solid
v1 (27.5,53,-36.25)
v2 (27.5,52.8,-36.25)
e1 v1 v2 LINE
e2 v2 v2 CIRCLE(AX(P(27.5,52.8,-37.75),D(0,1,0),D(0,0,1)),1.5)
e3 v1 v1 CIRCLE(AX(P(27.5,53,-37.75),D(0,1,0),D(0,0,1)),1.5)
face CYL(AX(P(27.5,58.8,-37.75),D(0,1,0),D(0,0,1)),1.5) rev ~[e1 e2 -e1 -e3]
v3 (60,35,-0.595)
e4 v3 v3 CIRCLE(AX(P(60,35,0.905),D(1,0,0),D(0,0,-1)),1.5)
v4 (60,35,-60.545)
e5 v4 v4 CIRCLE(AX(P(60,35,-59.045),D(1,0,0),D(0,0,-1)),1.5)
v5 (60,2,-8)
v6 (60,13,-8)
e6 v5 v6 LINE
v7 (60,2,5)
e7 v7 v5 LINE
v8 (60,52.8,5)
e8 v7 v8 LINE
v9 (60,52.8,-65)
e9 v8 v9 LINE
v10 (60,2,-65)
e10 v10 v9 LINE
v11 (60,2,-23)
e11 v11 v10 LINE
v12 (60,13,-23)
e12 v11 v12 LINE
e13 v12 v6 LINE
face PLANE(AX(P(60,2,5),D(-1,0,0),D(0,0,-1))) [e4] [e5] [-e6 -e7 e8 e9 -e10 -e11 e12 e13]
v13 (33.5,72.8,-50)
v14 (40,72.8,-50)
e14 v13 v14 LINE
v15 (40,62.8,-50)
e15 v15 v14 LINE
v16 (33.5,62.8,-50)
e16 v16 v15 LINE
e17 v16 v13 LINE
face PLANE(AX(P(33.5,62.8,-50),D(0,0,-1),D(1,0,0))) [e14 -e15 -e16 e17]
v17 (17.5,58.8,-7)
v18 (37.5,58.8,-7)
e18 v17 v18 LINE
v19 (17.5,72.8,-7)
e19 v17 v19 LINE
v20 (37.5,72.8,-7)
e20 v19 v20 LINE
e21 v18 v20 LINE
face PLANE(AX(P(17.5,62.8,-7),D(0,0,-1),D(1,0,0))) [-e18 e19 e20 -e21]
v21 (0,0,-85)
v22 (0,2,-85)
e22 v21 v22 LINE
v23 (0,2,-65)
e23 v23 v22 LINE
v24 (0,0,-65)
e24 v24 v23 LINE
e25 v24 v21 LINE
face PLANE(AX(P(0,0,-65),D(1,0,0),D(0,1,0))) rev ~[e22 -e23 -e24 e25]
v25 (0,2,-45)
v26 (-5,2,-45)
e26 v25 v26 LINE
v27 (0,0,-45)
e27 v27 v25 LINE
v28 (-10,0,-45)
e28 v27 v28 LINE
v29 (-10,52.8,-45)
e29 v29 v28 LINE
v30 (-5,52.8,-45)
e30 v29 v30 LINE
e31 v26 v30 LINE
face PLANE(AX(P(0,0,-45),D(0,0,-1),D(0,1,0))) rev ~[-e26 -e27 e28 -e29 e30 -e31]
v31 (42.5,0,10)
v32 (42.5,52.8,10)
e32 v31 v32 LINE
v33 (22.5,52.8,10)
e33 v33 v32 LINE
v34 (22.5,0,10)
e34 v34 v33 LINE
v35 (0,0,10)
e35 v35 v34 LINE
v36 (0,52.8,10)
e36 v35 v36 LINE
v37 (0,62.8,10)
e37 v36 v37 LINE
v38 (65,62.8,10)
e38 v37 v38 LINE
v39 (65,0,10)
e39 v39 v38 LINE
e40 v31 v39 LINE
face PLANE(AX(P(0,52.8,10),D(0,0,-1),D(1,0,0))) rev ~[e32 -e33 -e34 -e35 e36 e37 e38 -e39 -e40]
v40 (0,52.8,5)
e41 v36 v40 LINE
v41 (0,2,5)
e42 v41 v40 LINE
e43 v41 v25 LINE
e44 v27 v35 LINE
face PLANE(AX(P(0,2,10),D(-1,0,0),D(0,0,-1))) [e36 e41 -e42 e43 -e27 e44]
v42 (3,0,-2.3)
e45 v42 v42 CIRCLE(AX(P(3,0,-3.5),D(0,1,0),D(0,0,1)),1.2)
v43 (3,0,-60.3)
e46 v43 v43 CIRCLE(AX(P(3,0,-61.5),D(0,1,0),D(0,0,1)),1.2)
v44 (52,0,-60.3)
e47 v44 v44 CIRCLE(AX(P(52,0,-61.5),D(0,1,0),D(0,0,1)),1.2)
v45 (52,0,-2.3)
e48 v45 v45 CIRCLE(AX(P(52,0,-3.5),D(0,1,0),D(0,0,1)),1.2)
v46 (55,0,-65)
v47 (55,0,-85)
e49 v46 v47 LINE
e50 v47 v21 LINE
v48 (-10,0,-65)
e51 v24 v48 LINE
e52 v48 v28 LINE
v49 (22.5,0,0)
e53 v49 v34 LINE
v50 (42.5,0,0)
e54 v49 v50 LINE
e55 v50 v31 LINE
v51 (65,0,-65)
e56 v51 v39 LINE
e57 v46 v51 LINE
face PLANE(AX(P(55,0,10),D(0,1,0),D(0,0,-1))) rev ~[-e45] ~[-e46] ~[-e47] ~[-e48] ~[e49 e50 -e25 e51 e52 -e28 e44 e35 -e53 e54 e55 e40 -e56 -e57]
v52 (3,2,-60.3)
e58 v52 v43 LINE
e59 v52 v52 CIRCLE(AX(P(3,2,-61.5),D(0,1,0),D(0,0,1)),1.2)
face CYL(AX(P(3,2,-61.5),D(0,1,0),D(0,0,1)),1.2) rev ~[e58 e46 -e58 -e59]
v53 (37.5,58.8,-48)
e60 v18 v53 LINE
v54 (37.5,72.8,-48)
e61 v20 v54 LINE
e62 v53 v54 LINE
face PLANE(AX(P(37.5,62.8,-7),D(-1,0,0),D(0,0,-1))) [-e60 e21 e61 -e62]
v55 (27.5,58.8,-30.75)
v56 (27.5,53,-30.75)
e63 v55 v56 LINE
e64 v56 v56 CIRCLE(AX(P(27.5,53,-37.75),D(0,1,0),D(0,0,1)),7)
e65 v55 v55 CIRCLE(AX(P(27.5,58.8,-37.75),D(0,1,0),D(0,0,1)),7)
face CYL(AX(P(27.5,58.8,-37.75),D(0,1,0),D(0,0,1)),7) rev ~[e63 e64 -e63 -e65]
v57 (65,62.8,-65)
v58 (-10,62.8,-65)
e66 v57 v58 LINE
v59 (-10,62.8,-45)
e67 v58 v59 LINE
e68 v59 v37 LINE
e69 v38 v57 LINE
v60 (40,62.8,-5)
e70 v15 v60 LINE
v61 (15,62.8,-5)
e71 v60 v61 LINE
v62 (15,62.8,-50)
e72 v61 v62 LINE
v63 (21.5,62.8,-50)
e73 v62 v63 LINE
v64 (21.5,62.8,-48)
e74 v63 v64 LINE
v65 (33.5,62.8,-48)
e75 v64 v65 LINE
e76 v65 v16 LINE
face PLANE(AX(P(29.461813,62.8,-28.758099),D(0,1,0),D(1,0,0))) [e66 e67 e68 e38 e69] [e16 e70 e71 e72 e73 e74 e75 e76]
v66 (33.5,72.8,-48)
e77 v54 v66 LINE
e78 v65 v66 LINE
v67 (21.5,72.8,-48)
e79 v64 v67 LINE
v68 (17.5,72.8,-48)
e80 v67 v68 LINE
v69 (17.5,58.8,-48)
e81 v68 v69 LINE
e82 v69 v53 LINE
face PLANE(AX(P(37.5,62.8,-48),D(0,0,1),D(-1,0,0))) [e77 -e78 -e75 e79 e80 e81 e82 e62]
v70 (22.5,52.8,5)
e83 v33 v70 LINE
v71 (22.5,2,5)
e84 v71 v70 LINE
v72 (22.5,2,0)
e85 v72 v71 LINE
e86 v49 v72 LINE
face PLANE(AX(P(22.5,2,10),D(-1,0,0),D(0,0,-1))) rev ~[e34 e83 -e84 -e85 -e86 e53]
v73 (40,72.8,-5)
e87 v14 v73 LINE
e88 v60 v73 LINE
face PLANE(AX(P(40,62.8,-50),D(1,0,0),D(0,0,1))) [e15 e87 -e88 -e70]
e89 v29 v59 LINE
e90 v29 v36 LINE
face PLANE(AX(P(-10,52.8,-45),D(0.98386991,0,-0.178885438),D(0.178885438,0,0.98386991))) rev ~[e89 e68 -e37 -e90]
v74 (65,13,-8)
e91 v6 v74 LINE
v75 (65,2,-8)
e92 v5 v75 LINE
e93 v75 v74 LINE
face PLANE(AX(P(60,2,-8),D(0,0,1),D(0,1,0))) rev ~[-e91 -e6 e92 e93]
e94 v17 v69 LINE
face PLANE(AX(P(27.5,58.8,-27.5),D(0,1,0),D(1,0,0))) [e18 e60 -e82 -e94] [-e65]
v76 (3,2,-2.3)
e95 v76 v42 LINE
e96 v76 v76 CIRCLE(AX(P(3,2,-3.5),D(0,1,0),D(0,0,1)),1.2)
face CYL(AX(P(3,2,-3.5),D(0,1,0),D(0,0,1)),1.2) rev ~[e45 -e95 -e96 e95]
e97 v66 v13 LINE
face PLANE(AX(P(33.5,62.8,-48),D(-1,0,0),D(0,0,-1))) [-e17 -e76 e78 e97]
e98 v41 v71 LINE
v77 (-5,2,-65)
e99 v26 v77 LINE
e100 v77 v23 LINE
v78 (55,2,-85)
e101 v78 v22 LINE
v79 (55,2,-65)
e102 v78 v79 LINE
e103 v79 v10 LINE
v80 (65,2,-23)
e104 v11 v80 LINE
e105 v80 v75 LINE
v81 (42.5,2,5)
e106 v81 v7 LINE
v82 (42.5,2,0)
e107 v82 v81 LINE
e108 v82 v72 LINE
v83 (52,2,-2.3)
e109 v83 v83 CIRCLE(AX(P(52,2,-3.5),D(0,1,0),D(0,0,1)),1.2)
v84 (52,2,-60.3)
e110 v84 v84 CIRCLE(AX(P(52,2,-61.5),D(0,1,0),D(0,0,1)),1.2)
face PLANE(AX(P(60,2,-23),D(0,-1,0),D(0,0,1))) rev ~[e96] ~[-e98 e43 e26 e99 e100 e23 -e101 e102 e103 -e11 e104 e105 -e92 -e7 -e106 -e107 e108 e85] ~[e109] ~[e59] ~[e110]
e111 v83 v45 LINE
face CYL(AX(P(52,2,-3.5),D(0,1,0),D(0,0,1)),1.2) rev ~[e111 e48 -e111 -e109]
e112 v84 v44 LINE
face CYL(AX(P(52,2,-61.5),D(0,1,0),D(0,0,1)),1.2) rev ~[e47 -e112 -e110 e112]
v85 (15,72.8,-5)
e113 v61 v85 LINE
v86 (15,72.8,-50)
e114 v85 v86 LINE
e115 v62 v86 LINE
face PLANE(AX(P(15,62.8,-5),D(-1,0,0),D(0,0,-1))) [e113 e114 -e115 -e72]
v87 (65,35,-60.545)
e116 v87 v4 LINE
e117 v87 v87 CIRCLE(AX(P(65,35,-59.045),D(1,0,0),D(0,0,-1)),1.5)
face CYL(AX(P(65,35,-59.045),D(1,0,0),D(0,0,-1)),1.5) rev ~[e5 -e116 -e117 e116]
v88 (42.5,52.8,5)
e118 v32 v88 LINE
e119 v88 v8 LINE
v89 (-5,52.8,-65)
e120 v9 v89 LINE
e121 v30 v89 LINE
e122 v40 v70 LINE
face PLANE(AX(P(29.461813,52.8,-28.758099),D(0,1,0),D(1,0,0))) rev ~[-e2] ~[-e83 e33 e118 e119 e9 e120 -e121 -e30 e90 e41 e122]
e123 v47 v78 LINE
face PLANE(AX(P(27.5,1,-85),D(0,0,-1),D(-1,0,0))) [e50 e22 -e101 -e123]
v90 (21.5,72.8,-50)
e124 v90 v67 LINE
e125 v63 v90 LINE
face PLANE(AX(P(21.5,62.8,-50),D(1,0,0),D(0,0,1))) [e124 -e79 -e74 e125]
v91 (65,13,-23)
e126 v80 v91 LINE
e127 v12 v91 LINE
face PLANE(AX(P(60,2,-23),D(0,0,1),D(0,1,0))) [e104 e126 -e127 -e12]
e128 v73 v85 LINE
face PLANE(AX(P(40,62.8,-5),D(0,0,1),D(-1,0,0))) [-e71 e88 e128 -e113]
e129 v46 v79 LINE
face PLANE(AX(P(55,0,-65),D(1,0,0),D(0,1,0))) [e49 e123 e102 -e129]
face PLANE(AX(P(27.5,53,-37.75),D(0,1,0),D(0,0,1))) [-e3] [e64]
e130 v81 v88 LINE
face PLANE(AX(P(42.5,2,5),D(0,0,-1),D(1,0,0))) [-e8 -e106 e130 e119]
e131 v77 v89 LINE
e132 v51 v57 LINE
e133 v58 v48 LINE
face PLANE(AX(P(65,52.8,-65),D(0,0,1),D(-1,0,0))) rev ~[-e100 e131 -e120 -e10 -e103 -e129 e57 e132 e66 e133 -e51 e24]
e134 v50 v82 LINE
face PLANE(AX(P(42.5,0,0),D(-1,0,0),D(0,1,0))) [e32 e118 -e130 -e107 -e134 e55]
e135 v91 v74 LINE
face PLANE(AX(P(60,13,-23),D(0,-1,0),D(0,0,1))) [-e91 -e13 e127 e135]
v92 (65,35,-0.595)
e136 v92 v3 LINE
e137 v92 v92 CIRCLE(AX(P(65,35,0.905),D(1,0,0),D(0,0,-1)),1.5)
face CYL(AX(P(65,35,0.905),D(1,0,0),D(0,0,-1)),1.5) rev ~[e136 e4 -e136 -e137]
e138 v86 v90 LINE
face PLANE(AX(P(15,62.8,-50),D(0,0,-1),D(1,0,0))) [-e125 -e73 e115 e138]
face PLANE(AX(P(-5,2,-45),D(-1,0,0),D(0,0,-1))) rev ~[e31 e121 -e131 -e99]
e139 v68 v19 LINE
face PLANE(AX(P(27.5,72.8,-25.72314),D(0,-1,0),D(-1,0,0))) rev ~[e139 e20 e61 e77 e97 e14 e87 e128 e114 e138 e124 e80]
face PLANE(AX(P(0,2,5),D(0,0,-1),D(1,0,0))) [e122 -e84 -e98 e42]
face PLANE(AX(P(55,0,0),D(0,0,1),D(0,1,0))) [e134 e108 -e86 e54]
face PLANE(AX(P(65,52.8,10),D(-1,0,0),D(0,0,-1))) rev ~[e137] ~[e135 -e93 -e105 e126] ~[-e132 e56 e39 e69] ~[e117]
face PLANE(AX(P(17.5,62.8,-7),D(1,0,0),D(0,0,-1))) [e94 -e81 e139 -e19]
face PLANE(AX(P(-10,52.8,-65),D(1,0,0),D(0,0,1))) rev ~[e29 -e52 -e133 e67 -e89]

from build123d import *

# Parameters (mm, degrees)
SKETCH1_W                  = 55
SKETCH1_H                  = 65
BASE_DEPTH                 = 2
SKETCH2_R                  = 1.2
PIMOUNTSCREWHOLES_DEPTH    = 2
SKETCH3_W                  = 20
SKETCH3_H                  = 2
PLATELEGEXT_1_DEPTH        = 10
SKETCH19_W                 = 55
SKETCH19_H                 = 2
PIFRONTBASE_DEPTH          = 20
SKETCH21_W                 = 65
SKETCH21_H                 = 2
BATTERYWALL_EXT_DEPTH      = 10
SKETCH22_W                 = 22.5
SKETCH22_H                 = 2
SKETCH22_W_2               = 12.5
PLATELEGEXT_2_DEPTH        = 10
SKETCH30_W                 = 10
SKETCH30_H                 = 2
CORNEREXTENSION_DEPTH      = 10
SKETCH23_W                 = 22.5
SKETCH23_H                 = 5
SKETCH23_W_2               = 5
SKETCH23_H_2               = 20
PLATELEGS_DEPTH            = 50.8
SKETCH29_R                 = 1.5
BATTERY_SCREWHOLES_DEPTH   = 5
ROTATORPLATE_DEPTH         = 10
SKETCH25_W                 = 20
SKETCH25_H                 = 41
INSET_SERVO_DEPTH          = 4
SKETCH26_R                 = 1.5
HOLE_SERVOSCREW_DEPTH      = 6
SKETCH27_R                 = 7
INSET_SERVOAXLE_DEPTH      = 5.8
RETAININGWALLS_SERVO_DEPTH = 10
SKETCH31_W                 = 15
SKETCH31_H                 = 11
POWER_HOLE_DEPTH           = 5


with BuildPart() as part:
    # Sketch1 → Base (new body)
    with BuildSketch(Plane(origin=(0, 0, 0), x_dir=(1, 0, 0), z_dir=(0, 1, 0))):
        with Locations((27.5, 32.5)):
            Rectangle(SKETCH1_W, SKETCH1_H)
    extrude(amount=BASE_DEPTH)

    # Sketch2 → PiMountScrewHoles (cut)
    with BuildSketch(Plane(origin=(0, 2, 0), x_dir=(1, 0, 0), z_dir=(0, 1, 0))):
        with Locations(Location((3, 3.5, 0), (0, 0, 270))):
            Circle(SKETCH2_R)
        with Locations(Location((52, 3.5, 0), (0, 0, 270))):
            Circle(SKETCH2_R)
        with Locations(Location((3, 61.5, 0), (0, 0, 270))):
            Circle(SKETCH2_R)
        with Locations(Location((52, 61.5, 0), (0, 0, 270))):
            Circle(SKETCH2_R)
    extrude(amount=-PIMOUNTSCREWHOLES_DEPTH, mode=Mode.SUBTRACT)

    # Sketch3 → PlateLegExt-1 (add)
    with BuildSketch(Plane.ZY):
        with Locations((-55, 1)):
            Rectangle(SKETCH3_W, SKETCH3_H)
    extrude(amount=PLATELEGEXT_1_DEPTH)

    # Sketch19 → PiFrontBase (add)
    with BuildSketch(Plane(origin=(0, 0, -65), x_dir=(-1, 0, 0), z_dir=(0, 0, -1))):
        with Locations((-27.5, 1)):
            Rectangle(SKETCH19_W, SKETCH19_H)
    extrude(amount=PIFRONTBASE_DEPTH)

    # Sketch21 → BatteryWall-Ext (add)
    with BuildSketch(Plane(origin=(55, 0, 0), x_dir=(0, 0, -1), z_dir=(1, 0, 0))):
        with Locations((32.5, 1)):
            Rectangle(SKETCH21_W, SKETCH21_H)
    extrude(amount=BATTERYWALL_EXT_DEPTH)

    # Sketch22 → PlateLegExt-2 (add)
    with BuildSketch(Plane.XY):
        with Locations((11.25, 1)):
            Rectangle(SKETCH22_W, SKETCH22_H)
        with Locations((48.75, 1)):
            Rectangle(SKETCH22_W_2, SKETCH22_H)
    extrude(amount=PLATELEGEXT_2_DEPTH)

    # Sketch30 → CornerExtension (add)
    with BuildSketch(Plane(origin=(55, 0, 0), x_dir=(0, 0, -1), z_dir=(1, 0, 0))):
        with Locations((-5, 1)):
            Rectangle(SKETCH30_W, SKETCH30_H)
    extrude(amount=CORNEREXTENSION_DEPTH)

    # Sketch23 → PlateLegs (add)
    with BuildSketch(Plane(origin=(0, 2, 0), x_dir=(1, 0, 0), z_dir=(0, 1, 0))):
        with Locations((11.25, -7.5)):
            Rectangle(SKETCH23_W, SKETCH23_H)
        with Locations((-7.5, 55)):
            Rectangle(SKETCH23_W_2, SKETCH23_H_2)
        Polygon((60, 65), (65, 65), (65, -10), (42.5, -10), (42.5, -5), (60, -5), align=None)
    extrude(amount=PLATELEGS_DEPTH)

    # Sketch29 → Battery-ScrewHoles (cut)
    with BuildSketch(Plane(origin=(65, 0, 0), x_dir=(0, 0, -1), z_dir=(1, 0, 0))):
        with Locations((59.045, 35)):
            Circle(SKETCH29_R)
        with Locations((-0.905, 35)):
            Circle(SKETCH29_R)
    extrude(amount=-BATTERY_SCREWHOLES_DEPTH, mode=Mode.SUBTRACT)

    # Sketch24 → RotatorPlate (add)
    with BuildSketch(Plane(origin=(0, 52.8, 0), x_dir=(1, 0, 0), z_dir=(0, 1, 0))):
        Polygon((0, -10), (65, -10), (65, 65), (-10, 65), (-10, 45), align=None)
    extrude(amount=ROTATORPLATE_DEPTH)

    # Sketch25 → Inset-Servo (cut)
    with BuildSketch(Plane(origin=(0, 62.8, 0), x_dir=(1, 0, 0), z_dir=(0, 1, 0))):
        with Locations((27.5, 27.5)):
            Rectangle(SKETCH25_W, SKETCH25_H)
    extrude(amount=-INSET_SERVO_DEPTH, mode=Mode.SUBTRACT)

    # Sketch26 → Hole-ServoScrew (cut)
    with BuildSketch(Plane(origin=(0, 58.8, 0), x_dir=(1, 0, 0), z_dir=(0, 1, 0))):
        with Locations(Location((27.5, 37.75, 0), (0, 0, 270))):
            Circle(SKETCH26_R)
    extrude(amount=-HOLE_SERVOSCREW_DEPTH, mode=Mode.SUBTRACT)

    # Sketch27 → Inset-ServoAxle (cut)
    with BuildSketch(Plane(origin=(0, 58.8, 0), x_dir=(1, 0, 0), z_dir=(0, 1, 0))):
        with Locations(Location((27.5, 37.75, 0), (0, 0, 270))):
            Circle(SKETCH27_R)
    extrude(amount=-INSET_SERVOAXLE_DEPTH, mode=Mode.SUBTRACT)

    # Sketch28 → RetainingWalls-Servo (add)
    with BuildSketch(Plane(origin=(0, 62.8, 0), x_dir=(1, 0, 0), z_dir=(0, 1, 0))):
        Polygon((37.5, 48), (33.5, 48), (33.5, 50), (40, 50), (40, 5), (15, 5), (15, 50), (21.5, 50), (21.5, 48), (17.5, 48), (17.5, 7), (37.5, 7), align=None)
    extrude(amount=RETAININGWALLS_SERVO_DEPTH)

    # Sketch31 → Power-Hole (cut)
    with BuildSketch(Plane.ZY.offset(-60)):
        with Locations((-15.5, 7.5)):
            Rectangle(SKETCH31_W, SKETCH31_H)
    extrude(amount=-POWER_HOLE_DEPTH, mode=Mode.SUBTRACT)


solid = part.part
